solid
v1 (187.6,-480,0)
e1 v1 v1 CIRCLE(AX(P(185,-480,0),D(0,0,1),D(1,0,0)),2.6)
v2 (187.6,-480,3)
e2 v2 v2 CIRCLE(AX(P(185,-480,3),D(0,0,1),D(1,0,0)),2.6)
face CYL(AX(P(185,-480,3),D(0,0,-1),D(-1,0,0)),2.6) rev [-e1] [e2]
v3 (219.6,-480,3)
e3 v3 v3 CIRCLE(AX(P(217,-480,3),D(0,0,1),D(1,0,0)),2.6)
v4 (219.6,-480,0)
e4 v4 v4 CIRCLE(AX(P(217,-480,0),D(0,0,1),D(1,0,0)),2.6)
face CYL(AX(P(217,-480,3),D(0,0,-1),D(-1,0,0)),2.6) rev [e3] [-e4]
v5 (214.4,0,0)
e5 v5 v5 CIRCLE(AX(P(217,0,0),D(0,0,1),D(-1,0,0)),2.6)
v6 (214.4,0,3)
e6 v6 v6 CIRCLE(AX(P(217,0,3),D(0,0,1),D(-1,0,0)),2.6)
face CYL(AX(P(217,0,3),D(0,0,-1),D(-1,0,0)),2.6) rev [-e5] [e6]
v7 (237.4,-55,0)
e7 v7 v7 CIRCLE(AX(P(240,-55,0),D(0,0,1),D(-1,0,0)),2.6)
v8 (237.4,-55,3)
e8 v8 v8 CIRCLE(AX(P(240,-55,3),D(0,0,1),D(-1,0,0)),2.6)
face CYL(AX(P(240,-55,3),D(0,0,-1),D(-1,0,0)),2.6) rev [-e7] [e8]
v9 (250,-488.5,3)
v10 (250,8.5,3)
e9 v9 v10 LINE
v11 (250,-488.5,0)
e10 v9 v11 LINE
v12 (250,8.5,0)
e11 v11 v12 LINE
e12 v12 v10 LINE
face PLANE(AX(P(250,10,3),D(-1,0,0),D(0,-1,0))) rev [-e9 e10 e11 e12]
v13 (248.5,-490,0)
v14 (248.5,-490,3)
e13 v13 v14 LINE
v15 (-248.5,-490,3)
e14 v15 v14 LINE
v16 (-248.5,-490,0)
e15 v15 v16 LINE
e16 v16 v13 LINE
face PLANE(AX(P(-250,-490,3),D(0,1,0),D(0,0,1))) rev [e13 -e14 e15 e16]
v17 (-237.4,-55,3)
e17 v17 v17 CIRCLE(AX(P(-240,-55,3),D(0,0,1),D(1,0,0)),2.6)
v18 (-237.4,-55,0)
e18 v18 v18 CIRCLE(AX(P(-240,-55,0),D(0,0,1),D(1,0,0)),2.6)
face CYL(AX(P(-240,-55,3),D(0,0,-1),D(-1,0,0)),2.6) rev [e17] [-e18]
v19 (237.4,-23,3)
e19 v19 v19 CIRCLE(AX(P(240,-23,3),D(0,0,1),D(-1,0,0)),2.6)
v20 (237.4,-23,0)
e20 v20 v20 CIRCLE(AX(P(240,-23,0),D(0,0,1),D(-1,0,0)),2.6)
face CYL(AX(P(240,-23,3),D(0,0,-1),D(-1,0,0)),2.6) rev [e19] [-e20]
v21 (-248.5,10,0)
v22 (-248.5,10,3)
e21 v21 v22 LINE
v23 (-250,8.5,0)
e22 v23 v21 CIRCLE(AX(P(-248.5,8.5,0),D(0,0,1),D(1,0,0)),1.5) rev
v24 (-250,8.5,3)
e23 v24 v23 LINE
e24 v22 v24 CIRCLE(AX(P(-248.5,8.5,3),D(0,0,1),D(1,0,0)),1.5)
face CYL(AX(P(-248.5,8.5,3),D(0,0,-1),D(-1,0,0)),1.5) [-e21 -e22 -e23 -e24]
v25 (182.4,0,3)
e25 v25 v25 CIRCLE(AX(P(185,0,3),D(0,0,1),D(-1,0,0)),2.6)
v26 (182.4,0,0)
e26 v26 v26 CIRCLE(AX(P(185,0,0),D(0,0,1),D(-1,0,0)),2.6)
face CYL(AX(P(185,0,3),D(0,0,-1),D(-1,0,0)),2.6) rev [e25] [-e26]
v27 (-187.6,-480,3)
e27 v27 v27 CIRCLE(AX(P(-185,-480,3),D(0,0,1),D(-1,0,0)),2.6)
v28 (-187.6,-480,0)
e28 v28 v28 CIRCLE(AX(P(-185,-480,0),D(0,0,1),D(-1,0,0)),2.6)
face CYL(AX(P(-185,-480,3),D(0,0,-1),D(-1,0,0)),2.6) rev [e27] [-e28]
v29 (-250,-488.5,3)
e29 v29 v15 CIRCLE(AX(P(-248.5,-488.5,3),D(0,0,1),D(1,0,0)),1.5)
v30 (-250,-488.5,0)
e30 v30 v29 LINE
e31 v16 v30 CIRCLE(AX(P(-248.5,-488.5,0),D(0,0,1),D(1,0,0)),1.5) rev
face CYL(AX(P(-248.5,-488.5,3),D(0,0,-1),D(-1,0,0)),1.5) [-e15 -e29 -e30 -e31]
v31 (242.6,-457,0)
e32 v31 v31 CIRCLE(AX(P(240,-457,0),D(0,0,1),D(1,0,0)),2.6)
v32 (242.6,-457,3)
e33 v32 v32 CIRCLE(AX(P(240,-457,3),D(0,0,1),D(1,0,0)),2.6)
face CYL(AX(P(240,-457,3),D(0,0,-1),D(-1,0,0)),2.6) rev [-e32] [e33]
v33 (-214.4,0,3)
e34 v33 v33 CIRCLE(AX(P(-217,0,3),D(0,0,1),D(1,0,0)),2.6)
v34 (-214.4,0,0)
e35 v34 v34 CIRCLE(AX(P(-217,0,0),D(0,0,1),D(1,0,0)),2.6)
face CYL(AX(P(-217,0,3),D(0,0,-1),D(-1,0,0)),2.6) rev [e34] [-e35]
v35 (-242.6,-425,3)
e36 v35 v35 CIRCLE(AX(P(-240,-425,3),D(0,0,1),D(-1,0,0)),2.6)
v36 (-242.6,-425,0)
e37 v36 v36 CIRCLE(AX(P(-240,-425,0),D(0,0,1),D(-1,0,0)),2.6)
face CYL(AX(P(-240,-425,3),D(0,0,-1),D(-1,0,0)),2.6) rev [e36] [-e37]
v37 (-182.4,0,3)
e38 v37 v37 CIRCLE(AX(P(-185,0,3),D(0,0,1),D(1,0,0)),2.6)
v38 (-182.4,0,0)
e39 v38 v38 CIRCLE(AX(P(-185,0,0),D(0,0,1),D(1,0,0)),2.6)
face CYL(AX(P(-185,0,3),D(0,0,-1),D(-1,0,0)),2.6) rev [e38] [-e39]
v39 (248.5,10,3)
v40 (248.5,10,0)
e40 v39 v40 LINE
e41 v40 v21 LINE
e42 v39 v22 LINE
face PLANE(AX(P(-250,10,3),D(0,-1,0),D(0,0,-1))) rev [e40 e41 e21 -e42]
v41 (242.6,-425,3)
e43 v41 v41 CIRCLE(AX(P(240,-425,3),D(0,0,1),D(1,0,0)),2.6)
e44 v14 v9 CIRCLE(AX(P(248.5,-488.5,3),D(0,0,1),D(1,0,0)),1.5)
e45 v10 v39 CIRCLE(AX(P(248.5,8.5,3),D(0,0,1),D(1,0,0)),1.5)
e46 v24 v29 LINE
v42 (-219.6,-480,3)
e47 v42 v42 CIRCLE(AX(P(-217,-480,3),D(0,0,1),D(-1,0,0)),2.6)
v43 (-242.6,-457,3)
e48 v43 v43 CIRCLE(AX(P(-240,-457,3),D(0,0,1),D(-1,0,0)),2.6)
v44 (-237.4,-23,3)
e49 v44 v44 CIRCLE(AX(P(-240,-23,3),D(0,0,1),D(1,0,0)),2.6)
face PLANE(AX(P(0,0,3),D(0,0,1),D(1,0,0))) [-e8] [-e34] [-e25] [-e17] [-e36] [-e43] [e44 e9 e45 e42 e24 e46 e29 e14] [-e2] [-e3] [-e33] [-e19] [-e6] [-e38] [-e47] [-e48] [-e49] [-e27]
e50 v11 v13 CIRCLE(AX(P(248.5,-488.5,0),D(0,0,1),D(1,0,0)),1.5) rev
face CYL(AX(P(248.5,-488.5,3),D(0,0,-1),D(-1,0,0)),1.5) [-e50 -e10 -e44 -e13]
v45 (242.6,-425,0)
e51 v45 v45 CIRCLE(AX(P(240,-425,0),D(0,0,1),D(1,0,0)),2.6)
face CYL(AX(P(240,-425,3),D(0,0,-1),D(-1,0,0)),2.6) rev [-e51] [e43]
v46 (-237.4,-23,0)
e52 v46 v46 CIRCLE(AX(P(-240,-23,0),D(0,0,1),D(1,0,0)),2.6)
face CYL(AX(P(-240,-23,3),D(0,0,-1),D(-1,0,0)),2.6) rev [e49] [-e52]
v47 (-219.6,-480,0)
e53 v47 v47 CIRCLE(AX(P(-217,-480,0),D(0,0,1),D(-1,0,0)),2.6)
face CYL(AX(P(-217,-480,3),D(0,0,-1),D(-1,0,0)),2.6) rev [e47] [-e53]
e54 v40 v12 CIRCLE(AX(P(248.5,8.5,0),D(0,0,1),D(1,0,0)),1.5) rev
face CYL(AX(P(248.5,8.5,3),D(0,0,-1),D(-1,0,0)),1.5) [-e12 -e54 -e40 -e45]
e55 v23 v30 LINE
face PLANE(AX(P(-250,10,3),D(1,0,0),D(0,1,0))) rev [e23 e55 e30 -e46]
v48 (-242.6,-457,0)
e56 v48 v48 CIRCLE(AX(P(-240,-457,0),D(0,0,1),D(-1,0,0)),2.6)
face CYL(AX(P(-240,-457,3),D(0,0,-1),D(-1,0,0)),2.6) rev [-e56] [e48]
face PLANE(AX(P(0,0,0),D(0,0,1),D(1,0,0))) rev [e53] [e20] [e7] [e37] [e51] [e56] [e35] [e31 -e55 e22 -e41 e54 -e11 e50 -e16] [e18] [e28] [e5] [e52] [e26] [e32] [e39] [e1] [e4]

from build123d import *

# Parameters (mm, degrees)
SKETCH1_W           = 500
SKETCH1_H           = 500
SKETCH1_R           = 2.6
BOSS_EXTRUDE1_DEPTH = 3
FILLET1_R           = 1.5


with BuildPart() as part:
    # Sketch1 → Boss-Extrude1 (new body)
    with BuildSketch(Plane.XY):
        with Locations((0, -240)):
            Rectangle(SKETCH1_W, SKETCH1_H)
        with Locations((-185, 0)):
            Circle(SKETCH1_R, mode=Mode.SUBTRACT)
        with Locations((-217, 0)):
            Circle(SKETCH1_R, mode=Mode.SUBTRACT)
        with Locations((-240, -23)):
            Circle(SKETCH1_R, mode=Mode.SUBTRACT)
        with Locations((-240, -55)):
            Circle(SKETCH1_R, mode=Mode.SUBTRACT)
        with Locations(Location((-240, -425, 0), (0, 0, 180))):
            Circle(SKETCH1_R, mode=Mode.SUBTRACT)
        with Locations(Location((-240, -457, 0), (0, 0, 180))):
            Circle(SKETCH1_R, mode=Mode.SUBTRACT)
        with Locations(Location((-217, -480, 0), (0, 0, 180))):
            Circle(SKETCH1_R, mode=Mode.SUBTRACT)
        with Locations(Location((-185, -480, 0), (0, 0, 180))):
            Circle(SKETCH1_R, mode=Mode.SUBTRACT)
        with Locations((185, -480)):
            Circle(SKETCH1_R, mode=Mode.SUBTRACT)
        with Locations((217, -480)):
            Circle(SKETCH1_R, mode=Mode.SUBTRACT)
        with Locations((240, -457)):
            Circle(SKETCH1_R, mode=Mode.SUBTRACT)
        with Locations((240, -425)):
            Circle(SKETCH1_R, mode=Mode.SUBTRACT)
        with Locations(Location((240, -55, 0), (0, 0, 180))):
            Circle(SKETCH1_R, mode=Mode.SUBTRACT)
        with Locations(Location((240, -23, 0), (0, 0, 180))):
            Circle(SKETCH1_R, mode=Mode.SUBTRACT)
        with Locations(Location((217, 0, 0), (0, 0, 180))):
            Circle(SKETCH1_R, mode=Mode.SUBTRACT)
        with Locations(Location((185, 0, 0), (0, 0, 180))):
            Circle(SKETCH1_R, mode=Mode.SUBTRACT)
    extrude(amount=BOSS_EXTRUDE1_DEPTH)

    # Fillet1
    fillet1_edges = [part.edges().sort_by_distance(p)[0] for p in [
        (-250, 10, 1.5),
        (250, 10, 1.5),
        (250, -490, 1.5),
        (-250, -490, 1.5),
    ]]
    fillet(fillet1_edges, radius=FILLET1_R)


solid = part.part
